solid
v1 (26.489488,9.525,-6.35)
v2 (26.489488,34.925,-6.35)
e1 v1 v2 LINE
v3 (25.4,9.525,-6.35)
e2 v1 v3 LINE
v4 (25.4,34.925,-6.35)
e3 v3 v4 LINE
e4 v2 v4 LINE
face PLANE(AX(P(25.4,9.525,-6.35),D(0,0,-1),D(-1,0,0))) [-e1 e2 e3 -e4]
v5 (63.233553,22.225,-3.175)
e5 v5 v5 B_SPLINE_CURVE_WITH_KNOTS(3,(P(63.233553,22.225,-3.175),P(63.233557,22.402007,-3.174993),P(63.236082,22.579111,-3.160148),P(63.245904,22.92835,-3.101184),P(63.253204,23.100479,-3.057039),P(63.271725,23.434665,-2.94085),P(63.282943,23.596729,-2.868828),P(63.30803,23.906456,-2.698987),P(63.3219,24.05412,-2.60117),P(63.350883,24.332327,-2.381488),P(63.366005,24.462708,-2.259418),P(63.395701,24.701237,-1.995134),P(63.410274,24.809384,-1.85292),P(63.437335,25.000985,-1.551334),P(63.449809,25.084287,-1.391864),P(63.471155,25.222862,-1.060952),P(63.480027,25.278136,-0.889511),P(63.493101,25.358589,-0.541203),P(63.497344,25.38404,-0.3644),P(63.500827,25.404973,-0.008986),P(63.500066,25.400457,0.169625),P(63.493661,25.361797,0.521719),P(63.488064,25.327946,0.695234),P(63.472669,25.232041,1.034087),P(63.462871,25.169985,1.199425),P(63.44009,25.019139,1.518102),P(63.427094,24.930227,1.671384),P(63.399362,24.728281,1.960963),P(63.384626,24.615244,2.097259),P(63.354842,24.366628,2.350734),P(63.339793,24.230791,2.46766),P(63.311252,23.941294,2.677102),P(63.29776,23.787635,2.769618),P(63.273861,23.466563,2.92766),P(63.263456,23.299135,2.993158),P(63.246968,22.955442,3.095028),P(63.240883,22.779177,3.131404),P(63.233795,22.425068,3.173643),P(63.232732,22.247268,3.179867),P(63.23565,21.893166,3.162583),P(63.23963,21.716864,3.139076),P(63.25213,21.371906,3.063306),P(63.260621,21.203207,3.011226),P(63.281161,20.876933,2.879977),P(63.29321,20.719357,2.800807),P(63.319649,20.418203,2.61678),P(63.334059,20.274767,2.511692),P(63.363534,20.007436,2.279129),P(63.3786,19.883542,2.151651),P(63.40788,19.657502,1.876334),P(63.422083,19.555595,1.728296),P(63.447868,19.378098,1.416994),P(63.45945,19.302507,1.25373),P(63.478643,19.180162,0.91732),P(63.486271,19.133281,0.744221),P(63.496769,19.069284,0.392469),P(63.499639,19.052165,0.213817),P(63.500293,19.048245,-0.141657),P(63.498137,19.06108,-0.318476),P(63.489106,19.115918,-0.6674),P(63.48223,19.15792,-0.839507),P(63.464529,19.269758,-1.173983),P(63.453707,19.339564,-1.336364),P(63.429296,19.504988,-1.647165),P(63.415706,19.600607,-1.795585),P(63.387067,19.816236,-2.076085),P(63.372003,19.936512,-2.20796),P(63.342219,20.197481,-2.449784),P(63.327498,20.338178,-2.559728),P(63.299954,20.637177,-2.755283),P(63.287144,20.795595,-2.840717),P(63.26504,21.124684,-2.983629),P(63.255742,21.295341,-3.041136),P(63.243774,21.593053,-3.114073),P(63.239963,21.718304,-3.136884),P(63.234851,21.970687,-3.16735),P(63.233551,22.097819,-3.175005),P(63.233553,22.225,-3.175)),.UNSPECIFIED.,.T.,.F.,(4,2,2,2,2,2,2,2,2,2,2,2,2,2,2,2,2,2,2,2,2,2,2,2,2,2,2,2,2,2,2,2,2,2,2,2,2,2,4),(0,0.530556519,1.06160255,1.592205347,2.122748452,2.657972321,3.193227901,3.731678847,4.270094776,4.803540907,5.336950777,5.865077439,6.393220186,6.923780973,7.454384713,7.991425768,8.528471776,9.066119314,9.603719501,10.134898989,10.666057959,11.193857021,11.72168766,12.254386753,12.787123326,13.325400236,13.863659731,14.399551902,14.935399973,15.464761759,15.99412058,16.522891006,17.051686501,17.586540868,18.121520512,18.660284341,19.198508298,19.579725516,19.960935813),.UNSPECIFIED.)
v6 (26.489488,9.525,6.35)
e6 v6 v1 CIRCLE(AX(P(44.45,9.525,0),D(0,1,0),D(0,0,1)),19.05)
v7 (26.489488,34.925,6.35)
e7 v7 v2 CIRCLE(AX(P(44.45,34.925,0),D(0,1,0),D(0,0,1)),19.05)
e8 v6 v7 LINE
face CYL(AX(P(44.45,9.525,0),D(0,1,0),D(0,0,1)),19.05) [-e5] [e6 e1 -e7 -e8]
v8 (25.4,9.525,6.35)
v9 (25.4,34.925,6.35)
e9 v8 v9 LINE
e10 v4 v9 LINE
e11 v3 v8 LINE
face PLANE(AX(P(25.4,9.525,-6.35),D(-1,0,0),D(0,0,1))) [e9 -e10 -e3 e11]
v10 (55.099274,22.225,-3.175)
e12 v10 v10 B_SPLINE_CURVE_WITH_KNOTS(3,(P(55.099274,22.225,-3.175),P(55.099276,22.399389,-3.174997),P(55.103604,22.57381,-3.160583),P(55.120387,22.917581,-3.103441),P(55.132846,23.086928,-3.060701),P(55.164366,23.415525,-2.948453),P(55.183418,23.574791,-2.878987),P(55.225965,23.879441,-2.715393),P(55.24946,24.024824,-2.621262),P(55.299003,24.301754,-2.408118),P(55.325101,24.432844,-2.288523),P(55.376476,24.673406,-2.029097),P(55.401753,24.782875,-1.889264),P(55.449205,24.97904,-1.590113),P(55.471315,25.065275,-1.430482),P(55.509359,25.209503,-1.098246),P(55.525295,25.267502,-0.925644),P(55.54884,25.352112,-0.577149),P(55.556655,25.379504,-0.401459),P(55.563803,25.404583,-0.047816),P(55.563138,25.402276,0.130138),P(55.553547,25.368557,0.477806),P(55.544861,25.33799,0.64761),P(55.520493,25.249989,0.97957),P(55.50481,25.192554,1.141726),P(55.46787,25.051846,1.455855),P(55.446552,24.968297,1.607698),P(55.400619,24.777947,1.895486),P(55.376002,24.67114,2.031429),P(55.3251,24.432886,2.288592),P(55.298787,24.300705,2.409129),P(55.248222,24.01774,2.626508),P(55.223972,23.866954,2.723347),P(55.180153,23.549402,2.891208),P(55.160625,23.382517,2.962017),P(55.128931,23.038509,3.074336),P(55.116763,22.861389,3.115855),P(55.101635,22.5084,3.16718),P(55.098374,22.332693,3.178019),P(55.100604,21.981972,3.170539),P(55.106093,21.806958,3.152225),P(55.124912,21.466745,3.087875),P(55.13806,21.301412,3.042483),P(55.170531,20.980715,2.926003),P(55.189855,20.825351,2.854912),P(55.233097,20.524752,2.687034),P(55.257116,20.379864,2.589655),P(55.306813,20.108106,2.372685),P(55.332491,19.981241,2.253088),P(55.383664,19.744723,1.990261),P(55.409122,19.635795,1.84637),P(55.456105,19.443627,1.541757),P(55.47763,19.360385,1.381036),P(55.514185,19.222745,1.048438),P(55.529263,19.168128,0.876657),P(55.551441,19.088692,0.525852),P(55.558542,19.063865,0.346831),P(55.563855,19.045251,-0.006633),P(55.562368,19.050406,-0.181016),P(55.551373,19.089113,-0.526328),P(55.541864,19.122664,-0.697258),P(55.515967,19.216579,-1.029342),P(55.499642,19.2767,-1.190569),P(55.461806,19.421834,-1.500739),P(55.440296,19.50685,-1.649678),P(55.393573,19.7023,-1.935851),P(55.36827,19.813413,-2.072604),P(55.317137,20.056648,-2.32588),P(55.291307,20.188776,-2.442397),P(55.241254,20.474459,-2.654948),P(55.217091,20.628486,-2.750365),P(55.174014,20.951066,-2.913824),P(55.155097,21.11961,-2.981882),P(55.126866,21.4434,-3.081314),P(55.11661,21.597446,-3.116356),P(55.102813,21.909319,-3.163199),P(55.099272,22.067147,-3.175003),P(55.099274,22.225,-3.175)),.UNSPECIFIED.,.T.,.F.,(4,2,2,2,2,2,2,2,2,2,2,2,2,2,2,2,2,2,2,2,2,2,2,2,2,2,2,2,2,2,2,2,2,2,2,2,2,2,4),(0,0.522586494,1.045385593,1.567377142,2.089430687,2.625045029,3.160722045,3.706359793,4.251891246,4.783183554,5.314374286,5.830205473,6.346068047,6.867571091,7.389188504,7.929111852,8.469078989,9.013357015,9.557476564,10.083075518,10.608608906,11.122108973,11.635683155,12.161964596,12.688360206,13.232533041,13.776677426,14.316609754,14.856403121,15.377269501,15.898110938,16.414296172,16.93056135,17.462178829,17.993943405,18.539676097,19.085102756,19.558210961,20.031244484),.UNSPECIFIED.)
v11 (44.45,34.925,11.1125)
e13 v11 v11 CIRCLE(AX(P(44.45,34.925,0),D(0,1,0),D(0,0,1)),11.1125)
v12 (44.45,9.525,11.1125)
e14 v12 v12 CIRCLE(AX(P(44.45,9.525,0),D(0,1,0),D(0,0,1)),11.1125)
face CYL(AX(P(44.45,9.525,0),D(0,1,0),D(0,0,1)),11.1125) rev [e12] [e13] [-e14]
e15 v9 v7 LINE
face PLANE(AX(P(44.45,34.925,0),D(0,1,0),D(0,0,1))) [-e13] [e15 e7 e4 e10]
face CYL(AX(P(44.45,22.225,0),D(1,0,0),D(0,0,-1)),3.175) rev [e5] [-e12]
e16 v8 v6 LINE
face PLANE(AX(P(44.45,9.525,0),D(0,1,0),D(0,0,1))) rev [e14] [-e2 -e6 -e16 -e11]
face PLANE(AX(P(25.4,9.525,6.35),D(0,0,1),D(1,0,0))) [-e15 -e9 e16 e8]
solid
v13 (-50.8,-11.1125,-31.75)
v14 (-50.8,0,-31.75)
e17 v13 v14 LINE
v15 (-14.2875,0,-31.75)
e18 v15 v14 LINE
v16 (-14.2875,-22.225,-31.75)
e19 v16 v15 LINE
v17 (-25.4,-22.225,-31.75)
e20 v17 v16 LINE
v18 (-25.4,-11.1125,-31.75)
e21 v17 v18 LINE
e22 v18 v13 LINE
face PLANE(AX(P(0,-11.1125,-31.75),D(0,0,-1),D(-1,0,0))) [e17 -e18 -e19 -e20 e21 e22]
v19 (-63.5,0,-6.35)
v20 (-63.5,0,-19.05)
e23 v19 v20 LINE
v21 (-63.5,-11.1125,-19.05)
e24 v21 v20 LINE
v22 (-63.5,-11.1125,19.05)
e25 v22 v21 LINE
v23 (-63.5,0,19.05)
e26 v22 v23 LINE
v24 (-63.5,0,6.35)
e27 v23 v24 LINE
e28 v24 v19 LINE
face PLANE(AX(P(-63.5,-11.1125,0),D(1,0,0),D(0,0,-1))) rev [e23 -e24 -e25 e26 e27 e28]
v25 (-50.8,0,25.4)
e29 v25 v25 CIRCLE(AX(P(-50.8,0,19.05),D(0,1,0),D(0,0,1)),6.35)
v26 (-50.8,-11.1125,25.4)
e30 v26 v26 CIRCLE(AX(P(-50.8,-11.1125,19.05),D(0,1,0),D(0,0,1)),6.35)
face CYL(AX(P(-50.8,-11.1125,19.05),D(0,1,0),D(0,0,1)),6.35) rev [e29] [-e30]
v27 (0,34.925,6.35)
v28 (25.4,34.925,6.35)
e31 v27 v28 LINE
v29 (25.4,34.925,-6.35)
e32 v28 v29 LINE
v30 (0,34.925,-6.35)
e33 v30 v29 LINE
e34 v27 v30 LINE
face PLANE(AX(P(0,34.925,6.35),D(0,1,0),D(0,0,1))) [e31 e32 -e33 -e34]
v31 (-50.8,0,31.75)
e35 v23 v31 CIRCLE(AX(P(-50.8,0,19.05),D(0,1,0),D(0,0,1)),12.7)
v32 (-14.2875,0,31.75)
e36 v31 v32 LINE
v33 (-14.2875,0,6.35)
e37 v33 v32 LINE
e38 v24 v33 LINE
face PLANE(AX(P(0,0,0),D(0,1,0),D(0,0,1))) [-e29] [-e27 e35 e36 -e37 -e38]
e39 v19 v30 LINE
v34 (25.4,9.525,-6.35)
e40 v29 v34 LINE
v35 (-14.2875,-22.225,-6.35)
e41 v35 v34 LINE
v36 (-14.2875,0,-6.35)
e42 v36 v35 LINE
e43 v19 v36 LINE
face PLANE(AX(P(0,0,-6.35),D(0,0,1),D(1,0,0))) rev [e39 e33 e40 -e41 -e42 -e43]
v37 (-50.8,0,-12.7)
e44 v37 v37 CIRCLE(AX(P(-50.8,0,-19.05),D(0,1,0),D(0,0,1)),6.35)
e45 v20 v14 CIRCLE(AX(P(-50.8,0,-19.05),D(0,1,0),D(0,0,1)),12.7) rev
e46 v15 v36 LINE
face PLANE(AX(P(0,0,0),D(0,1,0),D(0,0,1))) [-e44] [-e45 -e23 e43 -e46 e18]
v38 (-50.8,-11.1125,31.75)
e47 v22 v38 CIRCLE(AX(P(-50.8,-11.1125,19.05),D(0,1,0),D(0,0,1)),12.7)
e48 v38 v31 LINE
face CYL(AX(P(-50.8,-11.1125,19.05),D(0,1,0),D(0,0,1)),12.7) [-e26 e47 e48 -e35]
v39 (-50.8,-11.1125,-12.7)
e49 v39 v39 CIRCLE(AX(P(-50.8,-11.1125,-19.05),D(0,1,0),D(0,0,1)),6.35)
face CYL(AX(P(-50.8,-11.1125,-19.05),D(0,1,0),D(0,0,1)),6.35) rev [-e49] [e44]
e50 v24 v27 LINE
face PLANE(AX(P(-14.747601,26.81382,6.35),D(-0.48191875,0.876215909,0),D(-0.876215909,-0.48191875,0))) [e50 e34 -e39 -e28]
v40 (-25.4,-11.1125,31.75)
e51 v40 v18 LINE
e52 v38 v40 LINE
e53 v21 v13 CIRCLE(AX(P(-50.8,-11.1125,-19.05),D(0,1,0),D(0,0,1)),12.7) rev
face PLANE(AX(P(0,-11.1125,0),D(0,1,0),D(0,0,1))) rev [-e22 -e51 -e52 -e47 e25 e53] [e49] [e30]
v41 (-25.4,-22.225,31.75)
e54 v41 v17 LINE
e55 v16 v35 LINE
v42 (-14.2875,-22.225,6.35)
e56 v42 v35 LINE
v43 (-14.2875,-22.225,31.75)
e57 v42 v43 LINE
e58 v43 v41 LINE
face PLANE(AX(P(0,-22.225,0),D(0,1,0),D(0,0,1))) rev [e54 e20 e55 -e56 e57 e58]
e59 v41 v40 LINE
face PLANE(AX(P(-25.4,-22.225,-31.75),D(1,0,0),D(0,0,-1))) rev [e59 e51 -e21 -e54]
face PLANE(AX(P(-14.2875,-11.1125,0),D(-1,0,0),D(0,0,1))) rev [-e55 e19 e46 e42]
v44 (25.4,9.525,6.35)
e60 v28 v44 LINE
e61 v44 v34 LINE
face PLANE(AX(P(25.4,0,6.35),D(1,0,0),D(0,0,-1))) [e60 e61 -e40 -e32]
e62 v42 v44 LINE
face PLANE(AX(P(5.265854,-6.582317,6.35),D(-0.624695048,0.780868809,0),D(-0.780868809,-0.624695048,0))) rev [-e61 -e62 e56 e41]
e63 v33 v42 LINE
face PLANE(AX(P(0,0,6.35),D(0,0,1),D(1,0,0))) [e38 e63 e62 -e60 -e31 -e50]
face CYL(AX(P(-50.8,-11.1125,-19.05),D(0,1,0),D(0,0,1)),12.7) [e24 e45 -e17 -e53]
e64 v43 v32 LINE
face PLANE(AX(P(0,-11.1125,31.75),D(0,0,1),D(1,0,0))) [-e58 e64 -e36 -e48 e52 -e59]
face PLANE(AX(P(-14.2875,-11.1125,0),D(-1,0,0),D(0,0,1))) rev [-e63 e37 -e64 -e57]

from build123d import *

# Parameters (mm, degrees)
CROQUIS1_R              = 6.35
SALIENTE_EXTRUIR3_DEPTH = 11.1125
CROQUIS3_W              = 11.1125
CROQUIS3_H              = 63.5
SALIENTE_EXTRUIR4_DEPTH = 11.1125
SALIENTE_EXTRUIR5_DEPTH = 6.35
CROQUIS6_R              = 11.1125
SALIENTE_EXTRUIR6_DEPTH = 25.4
CROQUIS7_R              = 3.175
CORTAR_EXTRUIR2_DEPTH   = 19.05


with BuildPart() as part:
    # Croquis1 → Saliente-Extruir3 (new body)
    with BuildSketch(Plane(origin=(0, 0, 0), x_dir=(1, 0, 0), z_dir=(0, 1, 0))):
        with BuildLine():
            Line((-63.5, 19.05), (-63.5, -19.05))
            ThreePointArc((-63.5, -19.05), (-59.780256121, -28.030256121), (-50.8, -31.75))
            Line((-50.8, -31.75), (-14.2875, -31.75))
            Line((-14.2875, -31.75), (-14.2875, 31.75))
            Line((-14.2875, 31.75), (-50.8, 31.75))
            ThreePointArc((-50.8, 31.75), (-59.780256121, 28.030256121), (-63.5, 19.05))
        make_face()
        with Locations((-50.8, -19.05)):
            Circle(CROQUIS1_R, mode=Mode.SUBTRACT)
        with Locations((-50.8, 19.05)):
            Circle(CROQUIS1_R, mode=Mode.SUBTRACT)
    extrude(amount=-SALIENTE_EXTRUIR3_DEPTH)

    # Croquis3 → Saliente-Extruir4 (add)
    with BuildSketch(Plane.XZ.offset(11.1125)):
        with Locations((-19.84375, 0)):
            Rectangle(CROQUIS3_W, CROQUIS3_H)
    extrude(amount=SALIENTE_EXTRUIR4_DEPTH)

    # Croquis4 → Saliente-Extruir5 (add, symmetric)
    with BuildSketch(Plane.XY):
        Polygon((-63.5, 0), (-14.2875, 0), (-14.2875, -22.225), (25.4, 9.525), (25.4, 34.925), (0, 34.925), align=None)
    extrude(amount=SALIENTE_EXTRUIR5_DEPTH, both=True)


with BuildPart() as body_2:
    # Croquis6 → Saliente-Extruir6 (new body)
    with BuildSketch(Plane(origin=(0, 34.925, 0), x_dir=(1, 0, 0), z_dir=(0, 1, 0))):
        with BuildLine():
            Line((25.4, 6.35), (26.489487758, 6.35))
            ThreePointArc((26.489487758, 6.35), (63.5, 0), (26.489487758, -6.35))
            Line((26.489487758, -6.35), (25.4, -6.35))
            Line((25.4, -6.35), (25.4, 6.35))
        make_face()
        with Locations((44.45, 0)):
            Circle(CROQUIS6_R, mode=Mode.SUBTRACT)
    extrude(amount=-SALIENTE_EXTRUIR6_DEPTH)

    # Croquis7 → Cortar-Extruir2 (cut)
    with BuildSketch(Plane(origin=(63.5, 0, 0), x_dir=(0, 0, -1), z_dir=(1, 0, 0))):
        with Locations((0, 22.225)):
            Circle(CROQUIS7_R)
    extrude(amount=-CORTAR_EXTRUIR2_DEPTH, mode=Mode.SUBTRACT)


solid = Compound([part.part, body_2.part])
